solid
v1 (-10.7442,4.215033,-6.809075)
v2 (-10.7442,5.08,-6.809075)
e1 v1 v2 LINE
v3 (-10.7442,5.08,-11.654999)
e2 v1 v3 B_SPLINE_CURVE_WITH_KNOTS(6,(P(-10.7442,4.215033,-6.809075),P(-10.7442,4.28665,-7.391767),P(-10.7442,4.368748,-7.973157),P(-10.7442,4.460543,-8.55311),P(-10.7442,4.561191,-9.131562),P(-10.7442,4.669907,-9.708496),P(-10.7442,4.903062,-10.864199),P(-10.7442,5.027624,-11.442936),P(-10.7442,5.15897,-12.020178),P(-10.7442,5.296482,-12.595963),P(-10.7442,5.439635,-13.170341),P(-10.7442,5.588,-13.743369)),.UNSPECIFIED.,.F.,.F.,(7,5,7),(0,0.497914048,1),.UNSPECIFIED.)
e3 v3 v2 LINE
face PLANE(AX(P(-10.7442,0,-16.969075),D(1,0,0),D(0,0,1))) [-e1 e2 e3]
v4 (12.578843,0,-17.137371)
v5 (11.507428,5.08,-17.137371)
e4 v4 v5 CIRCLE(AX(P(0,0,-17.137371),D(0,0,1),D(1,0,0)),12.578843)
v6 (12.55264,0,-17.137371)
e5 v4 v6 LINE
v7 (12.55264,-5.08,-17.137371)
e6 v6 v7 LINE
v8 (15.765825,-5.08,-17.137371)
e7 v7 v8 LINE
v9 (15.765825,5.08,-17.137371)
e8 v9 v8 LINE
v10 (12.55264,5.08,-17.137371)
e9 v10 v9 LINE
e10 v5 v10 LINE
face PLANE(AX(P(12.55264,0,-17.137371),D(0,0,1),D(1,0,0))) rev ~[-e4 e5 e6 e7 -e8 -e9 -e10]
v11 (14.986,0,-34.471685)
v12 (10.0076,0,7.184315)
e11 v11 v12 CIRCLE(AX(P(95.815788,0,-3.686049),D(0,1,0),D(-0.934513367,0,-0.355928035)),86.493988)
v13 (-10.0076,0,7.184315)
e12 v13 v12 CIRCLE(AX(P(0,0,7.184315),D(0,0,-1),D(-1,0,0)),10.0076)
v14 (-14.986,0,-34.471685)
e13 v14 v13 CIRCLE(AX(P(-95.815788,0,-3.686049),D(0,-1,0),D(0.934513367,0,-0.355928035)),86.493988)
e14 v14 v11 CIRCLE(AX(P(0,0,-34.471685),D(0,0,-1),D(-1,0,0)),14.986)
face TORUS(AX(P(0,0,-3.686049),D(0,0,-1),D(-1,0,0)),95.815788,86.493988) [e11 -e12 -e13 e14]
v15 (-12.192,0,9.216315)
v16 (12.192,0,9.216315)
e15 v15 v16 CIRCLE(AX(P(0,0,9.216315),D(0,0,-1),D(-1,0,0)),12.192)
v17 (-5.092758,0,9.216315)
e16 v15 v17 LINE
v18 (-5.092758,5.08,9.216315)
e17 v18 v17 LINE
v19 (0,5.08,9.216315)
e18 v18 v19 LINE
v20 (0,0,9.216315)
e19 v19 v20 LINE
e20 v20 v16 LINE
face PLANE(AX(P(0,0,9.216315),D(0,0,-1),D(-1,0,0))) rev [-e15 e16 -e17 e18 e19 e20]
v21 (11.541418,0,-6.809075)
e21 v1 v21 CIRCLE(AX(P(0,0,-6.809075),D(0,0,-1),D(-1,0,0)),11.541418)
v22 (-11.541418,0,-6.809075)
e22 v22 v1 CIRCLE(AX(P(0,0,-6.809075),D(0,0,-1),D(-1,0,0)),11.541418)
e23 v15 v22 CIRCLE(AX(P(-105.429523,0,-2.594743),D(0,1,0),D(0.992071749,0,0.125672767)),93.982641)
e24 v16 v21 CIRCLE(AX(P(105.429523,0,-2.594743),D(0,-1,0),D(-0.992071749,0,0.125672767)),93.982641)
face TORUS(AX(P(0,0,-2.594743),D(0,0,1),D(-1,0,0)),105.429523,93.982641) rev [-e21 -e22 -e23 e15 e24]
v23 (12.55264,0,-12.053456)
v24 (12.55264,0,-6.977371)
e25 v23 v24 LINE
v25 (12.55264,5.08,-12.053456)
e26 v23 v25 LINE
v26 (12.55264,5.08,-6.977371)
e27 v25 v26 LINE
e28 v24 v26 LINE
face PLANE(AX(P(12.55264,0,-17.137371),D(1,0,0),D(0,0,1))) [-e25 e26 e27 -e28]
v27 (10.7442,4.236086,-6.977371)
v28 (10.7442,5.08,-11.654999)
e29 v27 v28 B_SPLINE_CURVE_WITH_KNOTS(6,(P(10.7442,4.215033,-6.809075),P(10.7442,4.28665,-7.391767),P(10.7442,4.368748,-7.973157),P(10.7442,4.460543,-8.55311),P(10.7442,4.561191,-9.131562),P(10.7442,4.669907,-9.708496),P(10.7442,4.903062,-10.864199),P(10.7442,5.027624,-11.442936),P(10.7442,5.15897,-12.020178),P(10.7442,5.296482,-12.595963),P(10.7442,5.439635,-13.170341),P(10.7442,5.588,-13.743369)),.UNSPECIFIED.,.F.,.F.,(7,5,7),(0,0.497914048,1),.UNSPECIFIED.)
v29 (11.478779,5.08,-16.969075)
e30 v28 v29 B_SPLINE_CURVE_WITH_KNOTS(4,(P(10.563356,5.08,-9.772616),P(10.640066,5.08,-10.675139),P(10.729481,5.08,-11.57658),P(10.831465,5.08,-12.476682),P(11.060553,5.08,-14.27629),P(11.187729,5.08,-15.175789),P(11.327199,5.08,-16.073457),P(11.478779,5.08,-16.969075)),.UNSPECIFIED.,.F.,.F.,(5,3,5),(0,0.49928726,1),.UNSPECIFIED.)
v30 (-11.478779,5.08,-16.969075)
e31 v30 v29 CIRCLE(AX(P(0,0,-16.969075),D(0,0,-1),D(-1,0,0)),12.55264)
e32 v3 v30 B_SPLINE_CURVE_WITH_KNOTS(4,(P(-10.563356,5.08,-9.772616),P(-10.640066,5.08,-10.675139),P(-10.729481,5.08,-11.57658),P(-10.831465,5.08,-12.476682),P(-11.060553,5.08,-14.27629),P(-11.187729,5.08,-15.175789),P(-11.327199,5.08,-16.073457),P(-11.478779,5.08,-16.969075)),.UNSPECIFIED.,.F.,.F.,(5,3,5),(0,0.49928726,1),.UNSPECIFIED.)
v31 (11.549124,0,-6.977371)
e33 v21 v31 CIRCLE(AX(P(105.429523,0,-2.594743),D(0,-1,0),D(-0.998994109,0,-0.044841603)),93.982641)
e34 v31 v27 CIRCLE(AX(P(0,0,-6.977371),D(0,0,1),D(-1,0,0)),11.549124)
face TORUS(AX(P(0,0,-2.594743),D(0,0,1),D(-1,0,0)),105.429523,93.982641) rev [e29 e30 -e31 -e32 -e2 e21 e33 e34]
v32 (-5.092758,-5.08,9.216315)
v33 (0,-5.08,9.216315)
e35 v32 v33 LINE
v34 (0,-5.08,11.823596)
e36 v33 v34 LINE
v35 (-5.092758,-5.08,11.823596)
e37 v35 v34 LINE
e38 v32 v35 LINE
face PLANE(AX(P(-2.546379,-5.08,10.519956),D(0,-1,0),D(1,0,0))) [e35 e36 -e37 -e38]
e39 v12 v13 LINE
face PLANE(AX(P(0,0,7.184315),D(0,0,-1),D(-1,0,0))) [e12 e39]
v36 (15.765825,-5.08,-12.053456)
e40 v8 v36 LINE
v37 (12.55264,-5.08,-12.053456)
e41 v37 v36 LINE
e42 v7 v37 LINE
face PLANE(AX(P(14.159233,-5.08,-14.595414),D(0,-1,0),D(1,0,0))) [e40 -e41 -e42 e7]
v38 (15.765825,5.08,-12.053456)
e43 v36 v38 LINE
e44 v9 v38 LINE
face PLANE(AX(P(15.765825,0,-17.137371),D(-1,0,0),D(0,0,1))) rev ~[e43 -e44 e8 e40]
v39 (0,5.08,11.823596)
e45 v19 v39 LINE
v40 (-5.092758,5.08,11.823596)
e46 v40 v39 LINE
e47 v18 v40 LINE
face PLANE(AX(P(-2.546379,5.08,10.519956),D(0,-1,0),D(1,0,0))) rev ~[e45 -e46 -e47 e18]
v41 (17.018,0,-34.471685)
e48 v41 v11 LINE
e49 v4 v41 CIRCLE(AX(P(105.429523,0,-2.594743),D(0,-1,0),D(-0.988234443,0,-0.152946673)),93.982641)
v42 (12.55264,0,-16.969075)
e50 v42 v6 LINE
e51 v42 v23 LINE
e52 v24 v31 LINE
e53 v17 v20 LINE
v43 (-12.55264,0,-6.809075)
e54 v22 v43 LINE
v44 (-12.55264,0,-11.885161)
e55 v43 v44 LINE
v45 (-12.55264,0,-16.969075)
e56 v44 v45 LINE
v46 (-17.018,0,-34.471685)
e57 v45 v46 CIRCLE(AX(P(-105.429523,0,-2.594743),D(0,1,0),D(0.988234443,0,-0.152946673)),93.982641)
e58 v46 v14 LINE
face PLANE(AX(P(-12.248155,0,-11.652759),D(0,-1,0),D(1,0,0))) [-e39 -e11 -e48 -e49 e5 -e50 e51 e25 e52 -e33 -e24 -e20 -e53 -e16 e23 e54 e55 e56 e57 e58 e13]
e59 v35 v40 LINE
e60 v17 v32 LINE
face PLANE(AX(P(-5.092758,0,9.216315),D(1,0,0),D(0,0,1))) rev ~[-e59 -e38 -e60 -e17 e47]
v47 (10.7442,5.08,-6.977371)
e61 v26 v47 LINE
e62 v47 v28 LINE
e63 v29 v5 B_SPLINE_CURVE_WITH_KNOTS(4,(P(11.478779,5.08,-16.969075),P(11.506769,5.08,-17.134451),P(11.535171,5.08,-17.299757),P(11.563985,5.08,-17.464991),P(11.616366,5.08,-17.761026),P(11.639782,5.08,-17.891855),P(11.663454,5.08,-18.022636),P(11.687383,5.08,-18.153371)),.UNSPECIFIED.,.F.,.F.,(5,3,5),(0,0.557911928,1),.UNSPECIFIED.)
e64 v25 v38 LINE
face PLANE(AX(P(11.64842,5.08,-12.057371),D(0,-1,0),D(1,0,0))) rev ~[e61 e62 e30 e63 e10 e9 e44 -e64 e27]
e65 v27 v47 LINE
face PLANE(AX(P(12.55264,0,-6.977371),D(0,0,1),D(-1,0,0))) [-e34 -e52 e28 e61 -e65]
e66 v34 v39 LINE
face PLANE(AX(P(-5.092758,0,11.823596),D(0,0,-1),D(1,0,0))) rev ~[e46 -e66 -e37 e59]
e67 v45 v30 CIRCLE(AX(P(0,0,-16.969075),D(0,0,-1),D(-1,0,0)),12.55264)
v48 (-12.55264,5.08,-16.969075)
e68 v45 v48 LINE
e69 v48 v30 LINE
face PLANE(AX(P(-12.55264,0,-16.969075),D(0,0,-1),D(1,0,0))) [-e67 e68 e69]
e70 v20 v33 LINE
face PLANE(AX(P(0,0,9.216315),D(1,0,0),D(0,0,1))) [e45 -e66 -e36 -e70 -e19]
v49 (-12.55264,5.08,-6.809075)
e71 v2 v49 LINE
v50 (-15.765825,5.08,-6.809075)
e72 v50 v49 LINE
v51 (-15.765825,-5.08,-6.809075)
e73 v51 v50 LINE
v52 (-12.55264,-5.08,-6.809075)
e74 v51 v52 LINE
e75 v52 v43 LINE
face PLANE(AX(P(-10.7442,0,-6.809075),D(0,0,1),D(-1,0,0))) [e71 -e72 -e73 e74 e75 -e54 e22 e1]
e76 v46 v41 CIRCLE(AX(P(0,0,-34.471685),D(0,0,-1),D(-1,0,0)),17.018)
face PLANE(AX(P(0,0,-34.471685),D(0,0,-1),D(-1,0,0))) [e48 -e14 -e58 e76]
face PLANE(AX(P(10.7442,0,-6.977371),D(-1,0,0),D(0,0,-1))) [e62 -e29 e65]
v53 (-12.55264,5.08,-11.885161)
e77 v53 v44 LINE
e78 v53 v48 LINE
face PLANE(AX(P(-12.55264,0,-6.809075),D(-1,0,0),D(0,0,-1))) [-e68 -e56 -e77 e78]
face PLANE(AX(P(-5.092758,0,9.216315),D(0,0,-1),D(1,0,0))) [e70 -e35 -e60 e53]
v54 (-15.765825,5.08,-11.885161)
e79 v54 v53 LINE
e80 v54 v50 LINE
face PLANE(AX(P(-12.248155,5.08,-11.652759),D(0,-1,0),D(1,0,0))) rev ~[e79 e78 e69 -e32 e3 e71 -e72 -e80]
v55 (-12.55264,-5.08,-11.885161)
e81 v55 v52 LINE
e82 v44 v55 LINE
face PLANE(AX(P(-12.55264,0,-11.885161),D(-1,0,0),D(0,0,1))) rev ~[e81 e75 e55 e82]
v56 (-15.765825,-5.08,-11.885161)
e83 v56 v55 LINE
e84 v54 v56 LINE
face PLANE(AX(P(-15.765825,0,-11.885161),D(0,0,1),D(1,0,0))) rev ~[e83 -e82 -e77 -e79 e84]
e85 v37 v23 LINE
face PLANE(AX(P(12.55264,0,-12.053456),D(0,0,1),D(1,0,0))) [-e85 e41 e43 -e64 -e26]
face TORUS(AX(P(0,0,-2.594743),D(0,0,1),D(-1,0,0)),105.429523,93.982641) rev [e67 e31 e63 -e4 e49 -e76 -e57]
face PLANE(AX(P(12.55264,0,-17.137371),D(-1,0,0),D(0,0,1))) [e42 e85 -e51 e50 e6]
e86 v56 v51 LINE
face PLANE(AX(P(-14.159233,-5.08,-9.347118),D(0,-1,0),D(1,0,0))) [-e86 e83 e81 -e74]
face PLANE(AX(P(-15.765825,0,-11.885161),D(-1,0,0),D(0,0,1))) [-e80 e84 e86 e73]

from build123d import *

# Parameters (mm, degrees)
F1_ANGLE = 180
F2_DEPTH = 5.08
F0_W     = 3.2131851465
F0_H     = 5.0839147031
F0_H_2   = 5.0760852969
F0_W_2   = 5.092757754
F0_H_3   = 2.607280938
F3_DEPTH = 5.08


with BuildPart() as f1:
    # F0 (on Front) → F1 (revolve)
    with BuildSketch(Plane.XZ):
        with BuildLine():
            Line((0, 7.1843154948), (0, 9.2163154948))
            Line((0, 9.2163154948), (-5.092757754, 9.2163154948))
            Line((-5.092757754, 9.2163154948), (-12.192, 9.2163154948))
            ThreePointArc((-12.192, 9.2163154948), (-11.524233364, 1.2175235719), (-11.5414183138, -6.8090752834))
            Line((-11.5414183138, -6.8090752834), (-10.7442, -6.8090752834))
            Line((-10.7442, -6.8090752834), (-10.7442, -16.9690752834))
            Line((-10.7442, -16.9690752834), (-12.55264014, -16.9690752834))
            ThreePointArc((-12.55264014, -16.9690752834), (-14.3638496802, -25.8279076884), (-17.018, -34.4716845052))
            Line((-17.018, -34.4716845052), (-14.986, -34.4716845052))
            ThreePointArc((-14.986, -34.4716845052), (-9.9329646545, -13.9500940953), (-10.0076, 7.1843154948))
            Line((-10.0076, 7.1843154948), (0, 7.1843154948))
        make_face()
        with BuildLine():
            Line((-10.7442, -6.8090752834), (-11.5414183138, -6.8090752834))
            ThreePointArc((-11.5414183138, -6.8090752834), (-11.908955512, -11.9028177198), (-12.55264014, -16.9690752834))
            Line((-12.55264014, -16.9690752834), (-10.7442, -16.9690752834))
            Line((-10.7442, -16.9690752834), (-10.7442, -6.8090752834))
        make_face()
    revolve(axis=Axis((0, 0, 8.2003154948), (0, 0, -1)), revolution_arc=F1_ANGLE)

    # F0 (on Front) → F2 (join)
    with BuildSketch(Plane.XZ):
        with BuildLine():
            ThreePointArc((-12.55264014, -16.9690752834), (-11.908955512, -11.9028177198), (-11.5414183138, -6.8090752834))
            Line((-11.5414183138, -6.8090752834), (-12.55264014, -6.8090752834))
            Line((-12.55264014, -6.8090752834), (-12.55264014, -11.8851605803))
            Line((-12.55264014, -11.8851605803), (-12.55264014, -16.9690752834))
        make_face()
        with BuildLine():
            Line((-10.7442, -6.8090752834), (-11.5414183138, -6.8090752834))
            ThreePointArc((-11.5414183138, -6.8090752834), (-11.908955512, -11.9028177198), (-12.55264014, -16.9690752834))
            Line((-12.55264014, -16.9690752834), (-10.7442, -16.9690752834))
            Line((-10.7442, -16.9690752834), (-10.7442, -6.8090752834))
        make_face()
        Polygon((12.55264014, -6.9773710036), (10.7442, -6.9773710036), (10.7442, -17.1373710036), (12.55264014, -17.1373710036), (12.55264014, -12.0534563005), align=None)
    extrude(amount=-F2_DEPTH)

    # F0 (on Front) → F3 (join, symmetric)
    with BuildSketch(Plane.XZ):
        with Locations((14.1592327132, -14.5954136521)):
            Rectangle(F0_W, F0_H)
        with Locations((-14.1592327132, -9.3471179318)):
            Rectangle(F0_W, F0_H_2)
        with Locations((-2.546378877, 10.5199559638)):
            Rectangle(F0_W_2, F0_H_3)
    extrude(amount=F3_DEPTH, both=True)


solid = f1.part
